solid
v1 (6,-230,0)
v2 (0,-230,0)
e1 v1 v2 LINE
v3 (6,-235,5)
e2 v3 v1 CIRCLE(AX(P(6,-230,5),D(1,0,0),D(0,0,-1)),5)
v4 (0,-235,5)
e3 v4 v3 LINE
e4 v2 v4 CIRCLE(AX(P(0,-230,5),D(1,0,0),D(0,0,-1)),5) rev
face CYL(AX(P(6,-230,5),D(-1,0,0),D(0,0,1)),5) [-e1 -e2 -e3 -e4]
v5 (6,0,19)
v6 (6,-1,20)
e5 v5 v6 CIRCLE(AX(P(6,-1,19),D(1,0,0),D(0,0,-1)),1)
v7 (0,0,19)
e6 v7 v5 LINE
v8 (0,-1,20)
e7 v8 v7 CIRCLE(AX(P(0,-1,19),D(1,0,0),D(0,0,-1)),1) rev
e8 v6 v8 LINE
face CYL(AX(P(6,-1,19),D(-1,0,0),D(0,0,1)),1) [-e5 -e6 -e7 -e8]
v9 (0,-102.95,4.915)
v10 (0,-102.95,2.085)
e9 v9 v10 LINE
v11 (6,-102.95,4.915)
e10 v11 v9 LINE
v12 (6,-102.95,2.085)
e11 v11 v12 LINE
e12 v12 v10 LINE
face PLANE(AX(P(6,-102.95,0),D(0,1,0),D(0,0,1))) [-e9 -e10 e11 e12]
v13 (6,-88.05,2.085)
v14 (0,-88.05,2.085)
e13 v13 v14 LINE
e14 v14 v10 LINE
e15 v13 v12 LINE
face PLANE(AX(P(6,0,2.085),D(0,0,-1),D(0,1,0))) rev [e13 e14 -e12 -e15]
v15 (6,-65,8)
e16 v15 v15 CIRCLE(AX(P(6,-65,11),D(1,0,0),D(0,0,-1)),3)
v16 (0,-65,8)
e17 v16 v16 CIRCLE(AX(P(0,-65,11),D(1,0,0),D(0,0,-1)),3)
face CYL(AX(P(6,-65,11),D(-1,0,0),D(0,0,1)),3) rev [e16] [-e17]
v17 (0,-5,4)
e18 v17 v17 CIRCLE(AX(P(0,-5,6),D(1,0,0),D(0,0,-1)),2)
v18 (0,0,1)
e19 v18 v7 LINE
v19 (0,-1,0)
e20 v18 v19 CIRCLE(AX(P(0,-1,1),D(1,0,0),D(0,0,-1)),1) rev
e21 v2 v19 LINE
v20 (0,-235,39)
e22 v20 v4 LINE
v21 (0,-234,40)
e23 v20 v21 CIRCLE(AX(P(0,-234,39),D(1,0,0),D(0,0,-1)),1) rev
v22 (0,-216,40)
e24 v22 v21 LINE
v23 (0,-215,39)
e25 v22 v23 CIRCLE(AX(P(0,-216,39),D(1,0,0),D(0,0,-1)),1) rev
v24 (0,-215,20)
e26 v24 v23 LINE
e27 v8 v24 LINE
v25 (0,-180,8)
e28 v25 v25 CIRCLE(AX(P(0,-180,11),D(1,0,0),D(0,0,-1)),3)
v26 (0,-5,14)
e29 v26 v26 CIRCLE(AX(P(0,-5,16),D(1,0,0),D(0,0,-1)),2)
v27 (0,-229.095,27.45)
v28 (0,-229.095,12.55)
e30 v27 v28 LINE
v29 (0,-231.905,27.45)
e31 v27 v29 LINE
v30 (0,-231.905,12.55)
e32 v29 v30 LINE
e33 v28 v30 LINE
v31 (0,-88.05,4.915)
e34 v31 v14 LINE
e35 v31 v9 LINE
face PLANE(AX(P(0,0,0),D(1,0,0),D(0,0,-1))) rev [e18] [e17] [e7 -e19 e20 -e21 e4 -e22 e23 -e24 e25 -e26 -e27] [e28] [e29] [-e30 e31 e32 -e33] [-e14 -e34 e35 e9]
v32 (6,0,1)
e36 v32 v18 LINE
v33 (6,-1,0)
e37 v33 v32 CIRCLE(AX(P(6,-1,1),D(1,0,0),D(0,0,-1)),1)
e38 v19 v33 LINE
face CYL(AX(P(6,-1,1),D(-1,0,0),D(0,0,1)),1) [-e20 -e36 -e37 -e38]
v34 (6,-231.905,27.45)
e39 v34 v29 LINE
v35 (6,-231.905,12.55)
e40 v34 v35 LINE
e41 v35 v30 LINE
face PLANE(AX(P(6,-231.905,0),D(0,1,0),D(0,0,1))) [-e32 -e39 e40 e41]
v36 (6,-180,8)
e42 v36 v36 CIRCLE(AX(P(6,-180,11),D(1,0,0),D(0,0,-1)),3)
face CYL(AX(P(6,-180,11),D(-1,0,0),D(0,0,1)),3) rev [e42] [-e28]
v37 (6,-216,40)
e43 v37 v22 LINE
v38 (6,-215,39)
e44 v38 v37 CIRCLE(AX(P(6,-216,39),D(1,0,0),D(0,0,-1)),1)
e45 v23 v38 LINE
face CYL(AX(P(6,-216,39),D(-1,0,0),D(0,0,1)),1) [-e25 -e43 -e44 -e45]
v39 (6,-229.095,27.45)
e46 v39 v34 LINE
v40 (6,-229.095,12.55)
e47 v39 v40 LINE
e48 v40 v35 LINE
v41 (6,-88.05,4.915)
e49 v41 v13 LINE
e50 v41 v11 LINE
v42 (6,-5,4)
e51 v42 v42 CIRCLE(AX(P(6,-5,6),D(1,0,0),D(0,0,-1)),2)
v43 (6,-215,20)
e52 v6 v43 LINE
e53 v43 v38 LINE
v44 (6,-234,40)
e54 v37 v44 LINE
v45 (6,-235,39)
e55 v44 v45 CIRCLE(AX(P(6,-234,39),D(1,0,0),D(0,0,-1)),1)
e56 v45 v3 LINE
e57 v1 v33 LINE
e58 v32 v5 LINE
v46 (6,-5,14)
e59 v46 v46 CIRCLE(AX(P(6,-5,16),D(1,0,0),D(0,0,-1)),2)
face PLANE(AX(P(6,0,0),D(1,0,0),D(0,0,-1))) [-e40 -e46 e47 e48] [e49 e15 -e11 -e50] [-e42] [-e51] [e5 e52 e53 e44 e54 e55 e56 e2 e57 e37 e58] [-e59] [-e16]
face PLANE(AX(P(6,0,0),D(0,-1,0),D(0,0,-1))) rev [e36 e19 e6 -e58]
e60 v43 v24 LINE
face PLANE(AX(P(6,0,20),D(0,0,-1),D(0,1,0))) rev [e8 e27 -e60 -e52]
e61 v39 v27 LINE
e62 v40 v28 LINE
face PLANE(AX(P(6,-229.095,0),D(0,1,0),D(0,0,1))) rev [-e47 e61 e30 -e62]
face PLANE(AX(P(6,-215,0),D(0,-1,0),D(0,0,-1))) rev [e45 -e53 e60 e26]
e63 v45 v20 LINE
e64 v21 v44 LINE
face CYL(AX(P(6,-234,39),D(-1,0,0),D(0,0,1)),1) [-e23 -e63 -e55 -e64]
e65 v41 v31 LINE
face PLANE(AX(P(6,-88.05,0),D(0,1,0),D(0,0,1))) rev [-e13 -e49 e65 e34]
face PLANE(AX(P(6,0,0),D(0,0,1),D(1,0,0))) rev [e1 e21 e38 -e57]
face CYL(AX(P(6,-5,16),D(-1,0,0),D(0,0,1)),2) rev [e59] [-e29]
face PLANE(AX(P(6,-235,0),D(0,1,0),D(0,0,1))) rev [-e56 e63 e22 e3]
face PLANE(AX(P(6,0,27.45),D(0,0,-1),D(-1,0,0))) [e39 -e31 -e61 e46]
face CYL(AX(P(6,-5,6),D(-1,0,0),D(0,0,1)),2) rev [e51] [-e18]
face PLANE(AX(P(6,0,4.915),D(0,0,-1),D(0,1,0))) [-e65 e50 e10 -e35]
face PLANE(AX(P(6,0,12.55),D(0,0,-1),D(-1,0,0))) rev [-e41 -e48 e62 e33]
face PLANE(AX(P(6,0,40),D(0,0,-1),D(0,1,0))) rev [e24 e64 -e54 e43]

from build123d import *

# Parameters (mm, degrees)
SKETCH_1_R      = 2
SKETCH_1_R_2    = 3
SKETCH_1_W      = 14.9
SKETCH_1_H      = 2.81
SKETCH_1_W_2    = 2.83
SKETCH_1_H_2    = 14.9
EXTRUDE_1_DEPTH = 6
FILLET_1_R      = 1
FILLET_2_R      = 5


with BuildPart() as part:
    # Эскиз1 → Бобышка-Вытянуть1 (new body)
    with BuildSketch(Plane(origin=(0, 0, 0), x_dir=(0, 0, -1), z_dir=(1, 0, 0))):
        Polygon((0, 0), (-20, 0), (-20, -215), (-40, -215), (-40, -235), (0, -235), align=None)
        with Locations((-16, -5)):
            Circle(SKETCH_1_R, mode=Mode.SUBTRACT)
        with Locations((-6, -5)):
            Circle(SKETCH_1_R, mode=Mode.SUBTRACT)
        with Locations((-11, -65)):
            Circle(SKETCH_1_R_2, mode=Mode.SUBTRACT)
        with Locations((-11, -180)):
            Circle(SKETCH_1_R_2, mode=Mode.SUBTRACT)
        with Locations((-20, -230.5)):
            Rectangle(SKETCH_1_W, SKETCH_1_H, mode=Mode.SUBTRACT)
        with Locations((-3.5, -95.5)):
            Rectangle(SKETCH_1_W_2, SKETCH_1_H_2, mode=Mode.SUBTRACT)
    extrude(amount=EXTRUDE_1_DEPTH)

    # Скругление1
    fillet_1_edges = [part.edges().sort_by_distance(p)[0] for p in [
        (3, -235, 40),
        (3, -215, 40),
        (3, 0, 20),
        (3, 0, 0),
    ]]
    fillet(fillet_1_edges, radius=FILLET_1_R)

    # Скругление2
    fillet_2_edges = [part.edges().sort_by_distance(p)[0] for p in [
        (3, -235, 0),
    ]]
    fillet(fillet_2_edges, radius=FILLET_2_R)


solid = part.part
